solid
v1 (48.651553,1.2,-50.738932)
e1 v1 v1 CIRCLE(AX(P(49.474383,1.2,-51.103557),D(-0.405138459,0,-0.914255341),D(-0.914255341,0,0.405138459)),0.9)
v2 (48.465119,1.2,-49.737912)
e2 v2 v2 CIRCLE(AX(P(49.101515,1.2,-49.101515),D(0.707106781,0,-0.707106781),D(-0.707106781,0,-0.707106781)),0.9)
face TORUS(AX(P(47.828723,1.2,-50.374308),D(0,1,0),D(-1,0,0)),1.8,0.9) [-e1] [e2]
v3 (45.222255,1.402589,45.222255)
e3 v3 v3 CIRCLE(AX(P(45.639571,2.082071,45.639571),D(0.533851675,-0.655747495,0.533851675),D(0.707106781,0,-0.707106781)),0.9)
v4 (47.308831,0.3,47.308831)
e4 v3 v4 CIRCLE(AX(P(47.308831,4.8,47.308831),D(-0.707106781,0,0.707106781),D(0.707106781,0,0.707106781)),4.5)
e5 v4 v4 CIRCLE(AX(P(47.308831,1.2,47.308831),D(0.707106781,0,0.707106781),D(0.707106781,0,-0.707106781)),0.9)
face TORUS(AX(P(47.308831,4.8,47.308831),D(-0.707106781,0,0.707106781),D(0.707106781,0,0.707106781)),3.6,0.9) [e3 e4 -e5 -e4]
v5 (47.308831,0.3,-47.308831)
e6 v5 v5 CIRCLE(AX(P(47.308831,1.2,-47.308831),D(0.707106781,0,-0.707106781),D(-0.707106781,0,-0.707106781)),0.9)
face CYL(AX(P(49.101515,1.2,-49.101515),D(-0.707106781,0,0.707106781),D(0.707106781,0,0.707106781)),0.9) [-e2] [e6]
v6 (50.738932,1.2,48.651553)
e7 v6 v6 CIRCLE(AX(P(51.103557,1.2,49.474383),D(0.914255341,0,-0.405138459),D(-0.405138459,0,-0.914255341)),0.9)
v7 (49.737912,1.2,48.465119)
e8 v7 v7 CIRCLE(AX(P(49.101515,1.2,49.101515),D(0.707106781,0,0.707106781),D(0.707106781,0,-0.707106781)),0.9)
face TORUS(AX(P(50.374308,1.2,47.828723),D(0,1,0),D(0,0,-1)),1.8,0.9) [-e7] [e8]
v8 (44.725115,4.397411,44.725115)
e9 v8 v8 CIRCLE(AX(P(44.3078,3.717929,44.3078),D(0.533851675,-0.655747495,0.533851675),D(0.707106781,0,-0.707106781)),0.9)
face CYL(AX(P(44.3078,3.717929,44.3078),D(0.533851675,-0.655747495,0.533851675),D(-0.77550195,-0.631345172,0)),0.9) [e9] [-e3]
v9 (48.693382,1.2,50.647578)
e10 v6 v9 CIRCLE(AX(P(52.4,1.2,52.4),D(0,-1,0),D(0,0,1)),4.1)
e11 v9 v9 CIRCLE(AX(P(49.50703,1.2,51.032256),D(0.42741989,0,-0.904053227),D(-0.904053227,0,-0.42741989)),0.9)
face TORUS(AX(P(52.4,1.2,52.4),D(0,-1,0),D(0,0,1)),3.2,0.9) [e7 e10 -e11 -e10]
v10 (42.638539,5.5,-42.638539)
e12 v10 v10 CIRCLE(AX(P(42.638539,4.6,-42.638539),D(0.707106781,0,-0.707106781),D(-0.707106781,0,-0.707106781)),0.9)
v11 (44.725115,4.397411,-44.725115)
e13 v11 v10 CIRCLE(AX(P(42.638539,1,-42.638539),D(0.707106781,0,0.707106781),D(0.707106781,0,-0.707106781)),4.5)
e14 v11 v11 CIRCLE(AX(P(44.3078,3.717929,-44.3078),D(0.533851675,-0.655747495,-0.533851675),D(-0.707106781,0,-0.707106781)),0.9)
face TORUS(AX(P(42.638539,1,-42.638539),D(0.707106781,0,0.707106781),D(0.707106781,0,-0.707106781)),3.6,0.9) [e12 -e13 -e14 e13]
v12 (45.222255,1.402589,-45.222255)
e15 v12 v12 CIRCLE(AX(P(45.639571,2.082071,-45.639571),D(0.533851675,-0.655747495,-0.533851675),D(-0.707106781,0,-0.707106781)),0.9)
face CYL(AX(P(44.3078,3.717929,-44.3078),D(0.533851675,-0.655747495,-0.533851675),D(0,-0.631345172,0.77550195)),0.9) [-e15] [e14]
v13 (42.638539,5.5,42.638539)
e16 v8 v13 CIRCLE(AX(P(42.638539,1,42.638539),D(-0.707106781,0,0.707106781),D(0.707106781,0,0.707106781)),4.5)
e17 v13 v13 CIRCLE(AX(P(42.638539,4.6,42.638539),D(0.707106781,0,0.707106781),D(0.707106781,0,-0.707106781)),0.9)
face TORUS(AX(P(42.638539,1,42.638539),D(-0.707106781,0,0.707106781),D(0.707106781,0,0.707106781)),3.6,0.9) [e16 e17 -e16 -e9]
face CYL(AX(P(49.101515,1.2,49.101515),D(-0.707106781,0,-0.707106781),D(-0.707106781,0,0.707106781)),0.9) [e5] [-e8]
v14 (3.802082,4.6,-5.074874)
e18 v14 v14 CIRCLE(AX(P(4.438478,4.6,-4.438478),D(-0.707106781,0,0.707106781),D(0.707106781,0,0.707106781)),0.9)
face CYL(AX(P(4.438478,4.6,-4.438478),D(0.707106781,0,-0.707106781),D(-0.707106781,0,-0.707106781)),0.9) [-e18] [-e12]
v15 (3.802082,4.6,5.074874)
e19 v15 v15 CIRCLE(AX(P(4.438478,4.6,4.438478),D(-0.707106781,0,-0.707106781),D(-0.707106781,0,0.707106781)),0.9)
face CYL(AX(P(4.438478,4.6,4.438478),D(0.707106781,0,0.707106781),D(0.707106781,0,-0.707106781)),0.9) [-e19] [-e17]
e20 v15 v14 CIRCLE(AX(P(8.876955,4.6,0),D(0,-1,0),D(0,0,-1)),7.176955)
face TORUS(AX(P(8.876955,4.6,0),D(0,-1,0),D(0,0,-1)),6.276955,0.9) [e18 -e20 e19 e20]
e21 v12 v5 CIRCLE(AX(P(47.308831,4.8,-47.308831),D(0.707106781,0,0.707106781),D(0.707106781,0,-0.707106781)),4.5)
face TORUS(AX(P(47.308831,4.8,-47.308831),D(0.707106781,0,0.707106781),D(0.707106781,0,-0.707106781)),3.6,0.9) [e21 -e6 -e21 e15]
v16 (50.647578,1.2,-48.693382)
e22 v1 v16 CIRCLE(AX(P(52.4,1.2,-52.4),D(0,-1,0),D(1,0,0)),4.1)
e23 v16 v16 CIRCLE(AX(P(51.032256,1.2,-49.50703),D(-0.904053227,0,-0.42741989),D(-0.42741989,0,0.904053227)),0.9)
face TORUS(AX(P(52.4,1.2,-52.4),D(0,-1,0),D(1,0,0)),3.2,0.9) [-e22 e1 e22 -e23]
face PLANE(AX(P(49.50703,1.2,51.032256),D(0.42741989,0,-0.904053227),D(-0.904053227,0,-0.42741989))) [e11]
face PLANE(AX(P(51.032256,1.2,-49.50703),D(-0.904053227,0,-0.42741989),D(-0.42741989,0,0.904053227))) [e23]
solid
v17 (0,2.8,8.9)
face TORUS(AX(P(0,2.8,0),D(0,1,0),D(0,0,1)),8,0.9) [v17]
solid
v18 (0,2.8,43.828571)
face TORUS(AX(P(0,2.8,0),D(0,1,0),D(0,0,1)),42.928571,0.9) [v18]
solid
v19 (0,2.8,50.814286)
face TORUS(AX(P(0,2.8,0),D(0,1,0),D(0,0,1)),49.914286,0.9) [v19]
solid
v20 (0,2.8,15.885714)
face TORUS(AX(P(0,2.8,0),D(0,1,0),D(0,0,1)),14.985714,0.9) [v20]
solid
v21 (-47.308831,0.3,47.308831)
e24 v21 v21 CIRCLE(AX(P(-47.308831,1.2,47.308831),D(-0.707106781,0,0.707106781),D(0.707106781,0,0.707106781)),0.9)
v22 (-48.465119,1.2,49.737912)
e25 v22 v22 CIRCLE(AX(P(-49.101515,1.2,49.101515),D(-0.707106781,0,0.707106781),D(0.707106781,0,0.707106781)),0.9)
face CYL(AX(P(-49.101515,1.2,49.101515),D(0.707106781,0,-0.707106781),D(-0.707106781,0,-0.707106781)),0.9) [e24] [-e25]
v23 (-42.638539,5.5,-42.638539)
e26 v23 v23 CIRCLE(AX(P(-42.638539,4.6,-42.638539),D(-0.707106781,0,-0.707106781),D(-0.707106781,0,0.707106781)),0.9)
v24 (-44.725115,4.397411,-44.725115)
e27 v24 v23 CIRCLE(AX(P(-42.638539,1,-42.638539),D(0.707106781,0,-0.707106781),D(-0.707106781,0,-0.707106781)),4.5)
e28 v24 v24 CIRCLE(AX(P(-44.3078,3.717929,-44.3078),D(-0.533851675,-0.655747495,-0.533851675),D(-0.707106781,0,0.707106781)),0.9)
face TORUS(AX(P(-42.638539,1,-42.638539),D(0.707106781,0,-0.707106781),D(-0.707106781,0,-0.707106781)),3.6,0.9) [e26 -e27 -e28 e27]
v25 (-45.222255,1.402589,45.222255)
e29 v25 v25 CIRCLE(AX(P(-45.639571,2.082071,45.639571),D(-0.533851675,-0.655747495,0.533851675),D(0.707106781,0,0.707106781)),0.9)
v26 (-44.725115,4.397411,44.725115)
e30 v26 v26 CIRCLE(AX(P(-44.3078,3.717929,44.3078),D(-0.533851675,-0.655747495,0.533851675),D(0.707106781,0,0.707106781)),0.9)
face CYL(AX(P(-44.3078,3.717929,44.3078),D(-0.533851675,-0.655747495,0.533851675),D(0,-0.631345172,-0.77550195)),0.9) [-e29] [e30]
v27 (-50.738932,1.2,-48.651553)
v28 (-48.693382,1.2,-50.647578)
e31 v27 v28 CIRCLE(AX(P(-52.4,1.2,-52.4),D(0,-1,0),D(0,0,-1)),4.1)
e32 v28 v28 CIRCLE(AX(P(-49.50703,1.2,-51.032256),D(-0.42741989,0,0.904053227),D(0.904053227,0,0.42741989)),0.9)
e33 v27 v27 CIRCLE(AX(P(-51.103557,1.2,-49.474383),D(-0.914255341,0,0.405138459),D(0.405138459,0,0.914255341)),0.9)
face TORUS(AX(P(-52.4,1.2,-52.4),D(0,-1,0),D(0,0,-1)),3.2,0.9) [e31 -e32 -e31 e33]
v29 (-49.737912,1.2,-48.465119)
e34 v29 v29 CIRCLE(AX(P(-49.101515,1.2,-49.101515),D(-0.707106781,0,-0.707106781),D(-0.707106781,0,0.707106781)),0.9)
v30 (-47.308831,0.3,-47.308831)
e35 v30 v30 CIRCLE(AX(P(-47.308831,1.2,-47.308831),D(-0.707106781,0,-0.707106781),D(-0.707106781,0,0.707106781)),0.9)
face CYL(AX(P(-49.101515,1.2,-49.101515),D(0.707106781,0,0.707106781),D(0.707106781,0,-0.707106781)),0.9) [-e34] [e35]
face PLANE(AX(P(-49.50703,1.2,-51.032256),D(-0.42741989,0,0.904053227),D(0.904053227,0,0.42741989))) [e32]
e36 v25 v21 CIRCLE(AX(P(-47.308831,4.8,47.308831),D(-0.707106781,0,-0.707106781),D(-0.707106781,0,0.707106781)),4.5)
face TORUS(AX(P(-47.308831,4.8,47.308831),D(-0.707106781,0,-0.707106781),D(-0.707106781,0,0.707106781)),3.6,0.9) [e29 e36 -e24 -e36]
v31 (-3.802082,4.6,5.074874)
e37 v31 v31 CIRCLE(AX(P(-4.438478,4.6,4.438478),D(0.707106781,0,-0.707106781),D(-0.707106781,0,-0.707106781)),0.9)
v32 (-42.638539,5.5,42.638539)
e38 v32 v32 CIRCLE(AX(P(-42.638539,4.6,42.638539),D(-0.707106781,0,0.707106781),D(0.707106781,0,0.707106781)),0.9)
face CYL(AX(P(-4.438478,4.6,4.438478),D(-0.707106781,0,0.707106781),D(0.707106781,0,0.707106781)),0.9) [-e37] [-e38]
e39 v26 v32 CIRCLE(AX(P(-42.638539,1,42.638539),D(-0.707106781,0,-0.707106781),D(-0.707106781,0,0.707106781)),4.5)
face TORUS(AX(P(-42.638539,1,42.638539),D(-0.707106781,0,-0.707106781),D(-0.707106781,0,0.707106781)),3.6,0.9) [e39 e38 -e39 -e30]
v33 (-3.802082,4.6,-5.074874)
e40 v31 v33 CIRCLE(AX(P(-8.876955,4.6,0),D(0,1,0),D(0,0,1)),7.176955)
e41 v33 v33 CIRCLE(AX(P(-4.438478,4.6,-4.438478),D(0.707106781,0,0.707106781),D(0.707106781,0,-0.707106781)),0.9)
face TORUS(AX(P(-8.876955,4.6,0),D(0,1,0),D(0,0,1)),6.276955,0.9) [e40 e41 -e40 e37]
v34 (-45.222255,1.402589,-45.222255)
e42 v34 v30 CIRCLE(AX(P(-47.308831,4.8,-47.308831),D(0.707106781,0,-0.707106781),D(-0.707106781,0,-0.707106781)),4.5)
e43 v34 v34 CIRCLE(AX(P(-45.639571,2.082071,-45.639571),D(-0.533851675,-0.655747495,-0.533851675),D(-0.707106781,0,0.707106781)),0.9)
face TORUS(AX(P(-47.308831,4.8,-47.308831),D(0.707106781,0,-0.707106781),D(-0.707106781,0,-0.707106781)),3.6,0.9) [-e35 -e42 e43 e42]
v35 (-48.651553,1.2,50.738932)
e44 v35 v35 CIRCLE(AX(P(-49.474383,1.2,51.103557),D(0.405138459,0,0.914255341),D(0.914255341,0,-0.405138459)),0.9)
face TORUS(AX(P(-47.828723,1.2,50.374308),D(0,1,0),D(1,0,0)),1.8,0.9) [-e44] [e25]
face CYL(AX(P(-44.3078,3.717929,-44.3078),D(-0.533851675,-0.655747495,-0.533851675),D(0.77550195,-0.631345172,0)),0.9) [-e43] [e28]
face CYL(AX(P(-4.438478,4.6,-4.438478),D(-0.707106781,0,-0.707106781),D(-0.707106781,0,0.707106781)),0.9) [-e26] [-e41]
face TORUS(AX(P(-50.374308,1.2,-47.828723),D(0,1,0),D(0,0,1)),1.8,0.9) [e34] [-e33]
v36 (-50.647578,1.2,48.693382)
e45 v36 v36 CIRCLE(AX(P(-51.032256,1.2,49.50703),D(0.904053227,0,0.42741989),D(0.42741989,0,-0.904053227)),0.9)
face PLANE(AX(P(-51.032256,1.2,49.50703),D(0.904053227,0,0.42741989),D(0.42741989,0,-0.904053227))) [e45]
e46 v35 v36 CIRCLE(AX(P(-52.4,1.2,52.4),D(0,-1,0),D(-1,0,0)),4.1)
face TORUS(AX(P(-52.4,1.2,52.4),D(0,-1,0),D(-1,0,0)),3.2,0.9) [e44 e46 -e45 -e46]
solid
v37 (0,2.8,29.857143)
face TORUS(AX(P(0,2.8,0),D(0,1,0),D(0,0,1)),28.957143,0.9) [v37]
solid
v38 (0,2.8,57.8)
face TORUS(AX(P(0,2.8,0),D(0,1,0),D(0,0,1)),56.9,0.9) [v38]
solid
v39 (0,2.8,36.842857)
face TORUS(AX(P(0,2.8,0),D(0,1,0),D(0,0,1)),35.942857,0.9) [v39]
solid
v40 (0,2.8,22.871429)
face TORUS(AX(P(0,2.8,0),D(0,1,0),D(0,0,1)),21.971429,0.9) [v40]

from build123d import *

# Parameters (mm, degrees)
SKETCH1_R               = 0.9
SKETCH3_R               = 0.9
SKETCH5_R               = 0.9
SKETCH7_R               = 0.9
CUT_EXTRUDE1_DEPTH      = 82.926369529
CUT_EXTRUDE1_DEPTH_BACK = 82.926369529
CIRPATTERN1_COUNT       = 4
SKETCH10_R              = 0.9
SKETCH12_R              = 0.9


with BuildPart() as part:
    # Sketch1 → Revolve1 (revolve)
    with BuildSketch(Plane.XY, mode=Mode.PRIVATE) as revolve1_sk:
        with Locations((-8, 2.8)):
            Circle(SKETCH1_R)
        with Locations((-56.9, 2.8)):
            Circle(SKETCH1_R)
        with Locations((-49.914285714, 2.8)):
            Circle(SKETCH1_R)
        with Locations((-42.928571429, 2.8)):
            Circle(SKETCH1_R)
        with Locations((-35.942857143, 2.8)):
            Circle(SKETCH1_R)
        with Locations((-28.957142857, 2.8)):
            Circle(SKETCH1_R)
        with Locations((-21.971428571, 2.8)):
            Circle(SKETCH1_R)
        with Locations((-14.985714286, 2.8)):
            Circle(SKETCH1_R)
    revolve(revolve1_sk.sketch.rotate(Axis((0, 2.8, 0), (0, -1, 0)), 270), axis=Axis((0, 2.8, 0), (0, -1, 0)))


with BuildPart() as body_2:
    # Sweep1: sweep along a path in Sketch2
    with BuildLine(Plane(origin=(0, 0, 0), x_dir=(1, 0, 0), z_dir=(0, 1, 0))) as sweep1_path:
        Line((-42.638538906, 42.638538906), (-4.438477631, 4.438477631))
        ThreePointArc((-4.438477631, 4.438477631), (-3.077804769, 2.402086785), (-2.6, 0))
    # Sketch3 → Sweep1 (sweep)
    with BuildSketch(Plane.XY):
        with Locations((-2.6, 4.6)):
            Circle(SKETCH3_R)
    sweep(path=sweep1_path.line)

    # Sweep2: sweep along a path in Sketch4
    with BuildLine(Plane(origin=(0, 0, 0), x_dir=(-0.7071067811865488, 0, -0.7071067811865464), z_dir=(0.7071067811865464, 0, -0.7071067811865488))) as sweep2_path:
        ThreePointArc((60.3, 4.6), (61.560050709, 4.372279972), (62.660690983, 3.717929006))
        Line((62.660690983, 3.717929006), (64.544099685, 2.082070994))
        ThreePointArc((64.544099685, 2.082070994), (65.644739959, 1.427720028), (66.904790668, 1.2))
    # Sketch5 → Sweep2 (sweep)
    with BuildSketch(Plane(origin=(-42.638538906, 0, -42.638538906), x_dir=(-0.7071067811865516, 0, 0.7071067811865435), z_dir=(-0.7071067811865435, 0, -0.7071067811865516))):
        with Locations((0, 4.6)):
            Circle(SKETCH5_R)
    sweep(path=sweep2_path.line)

    # Sweep3: sweep along a path in Sketch6
    with BuildLine(Plane(origin=(0, 0, 0), x_dir=(1, 0, 0), z_dir=(0, 1, 0))) as sweep3_path:
        Line((-47.308831175, 47.308831175), (-49.1015155, 49.1015155))
        ThreePointArc((-49.1015155, 49.1015155), (-50.044736365, 49.598294634), (-51.103556932, 49.474382908))
        ThreePointArc((-51.103556932, 49.474382908), (-54.63484643, 54.690297237), (-49.507029673, 51.032256351))
    # Sketch7 → Sweep3 (sweep)
    with BuildSketch(Plane(origin=(-47.308831175, 0, -47.308831175), x_dir=(-0.7071067811865515, 2.0261570199408882e-15, 0.7071067811865437), z_dir=(-0.7071067811865437, -2.0261570199409115e-15, -0.7071067811865515))):
        with Locations((0, 1.2)):
            Circle(SKETCH7_R)
    sweep(path=sweep3_path.line)

    # Sketch8 → Cut-Extrude1 (cut, two sides: drawn at the far end of the back side and taken through both)
    with BuildSketch(Plane(origin=(0, 0, 0), x_dir=(1, 0, 0), z_dir=(0, 1, 0)).offset(-CUT_EXTRUDE1_DEPTH_BACK)):
        Polygon((-136.629403968, -127.752448706), (-5.074873734, 3.802081528), (-3.802081528, 5.074873734), (127.752448706, 136.629403968), (390.861509173, -126.479656499), (126.479656499, -390.861509173), align=None)
    extrude(amount=CUT_EXTRUDE1_DEPTH + CUT_EXTRUDE1_DEPTH_BACK, mode=Mode.SUBTRACT)


with BuildPart() as cirpattern1_1:
    # CirPattern1: pattern copy
    add(body_2.part.rotate(Axis((0, 0, 0), (0, 1, 0)), 1 * 360 / CIRPATTERN1_COUNT))


with BuildPart() as cirpattern1_2:
    # CirPattern1: pattern copy
    add(body_2.part.rotate(Axis((0, 0, 0), (0, 1, 0)), 2 * 360 / CIRPATTERN1_COUNT))



with BuildPart() as cirpattern1_3:
    # CirPattern1: pattern copy
    add(body_2.part.rotate(Axis((0, 0, 0), (0, 1, 0)), 3 * 360 / CIRPATTERN1_COUNT))


with BuildPart() as body_2_1:
    add(body_2.part)

    add(cirpattern1_1.part)  # Sweep4 merges CirPattern1_1
    # Sweep4: sweep along a path in Sketch9
    with BuildLine(Plane(origin=(0, 0, 0), x_dir=(1, 0, 0), z_dir=(0, 1, 0))) as sweep4_path:
        ThreePointArc((-4.438477631, 4.438477631), (-2.6, 0), (-4.438477631, -4.438477631))
    # Sketch10 → Sweep4 (sweep)
    with BuildSketch(Plane(origin=(-4.438477631, 0, -4.438477631), x_dir=(0.7071067811865474, 0, -0.7071067811865477), z_dir=(0.7071067811865477, 0, 0.7071067811865474))):
        with Locations((0, 4.6)):
            Circle(SKETCH10_R)
    sweep(path=sweep4_path.line)


with BuildPart() as cirpattern1_2_1:
    add(cirpattern1_2.part)

    add(cirpattern1_3.part)  # Sweep5 merges CirPattern1_3
    # Sweep5: sweep along a path in Sketch11
    with BuildLine(Plane(origin=(0, 0, 0), x_dir=(1, 0, 0), z_dir=(0, 1, 0))) as sweep5_path:
        ThreePointArc((4.438477631, 4.438477631), (2.6, 0), (4.438477631, -4.438477631))
    # Sketch12 → Sweep5 (sweep)
    with BuildSketch(Plane(origin=(4.438477631, 0, -4.438477631), x_dir=(0.7071067811865551, 2.0443912222444393e-15, 0.7071067811865399), z_dir=(-0.7071067811865399, 2.044391222244483e-15, 0.7071067811865551))):
        with Locations((0, 4.6)):
            Circle(SKETCH12_R)
    sweep(path=sweep5_path.line)


solid = Compound([part.part, body_2_1.part, cirpattern1_2_1.part])
